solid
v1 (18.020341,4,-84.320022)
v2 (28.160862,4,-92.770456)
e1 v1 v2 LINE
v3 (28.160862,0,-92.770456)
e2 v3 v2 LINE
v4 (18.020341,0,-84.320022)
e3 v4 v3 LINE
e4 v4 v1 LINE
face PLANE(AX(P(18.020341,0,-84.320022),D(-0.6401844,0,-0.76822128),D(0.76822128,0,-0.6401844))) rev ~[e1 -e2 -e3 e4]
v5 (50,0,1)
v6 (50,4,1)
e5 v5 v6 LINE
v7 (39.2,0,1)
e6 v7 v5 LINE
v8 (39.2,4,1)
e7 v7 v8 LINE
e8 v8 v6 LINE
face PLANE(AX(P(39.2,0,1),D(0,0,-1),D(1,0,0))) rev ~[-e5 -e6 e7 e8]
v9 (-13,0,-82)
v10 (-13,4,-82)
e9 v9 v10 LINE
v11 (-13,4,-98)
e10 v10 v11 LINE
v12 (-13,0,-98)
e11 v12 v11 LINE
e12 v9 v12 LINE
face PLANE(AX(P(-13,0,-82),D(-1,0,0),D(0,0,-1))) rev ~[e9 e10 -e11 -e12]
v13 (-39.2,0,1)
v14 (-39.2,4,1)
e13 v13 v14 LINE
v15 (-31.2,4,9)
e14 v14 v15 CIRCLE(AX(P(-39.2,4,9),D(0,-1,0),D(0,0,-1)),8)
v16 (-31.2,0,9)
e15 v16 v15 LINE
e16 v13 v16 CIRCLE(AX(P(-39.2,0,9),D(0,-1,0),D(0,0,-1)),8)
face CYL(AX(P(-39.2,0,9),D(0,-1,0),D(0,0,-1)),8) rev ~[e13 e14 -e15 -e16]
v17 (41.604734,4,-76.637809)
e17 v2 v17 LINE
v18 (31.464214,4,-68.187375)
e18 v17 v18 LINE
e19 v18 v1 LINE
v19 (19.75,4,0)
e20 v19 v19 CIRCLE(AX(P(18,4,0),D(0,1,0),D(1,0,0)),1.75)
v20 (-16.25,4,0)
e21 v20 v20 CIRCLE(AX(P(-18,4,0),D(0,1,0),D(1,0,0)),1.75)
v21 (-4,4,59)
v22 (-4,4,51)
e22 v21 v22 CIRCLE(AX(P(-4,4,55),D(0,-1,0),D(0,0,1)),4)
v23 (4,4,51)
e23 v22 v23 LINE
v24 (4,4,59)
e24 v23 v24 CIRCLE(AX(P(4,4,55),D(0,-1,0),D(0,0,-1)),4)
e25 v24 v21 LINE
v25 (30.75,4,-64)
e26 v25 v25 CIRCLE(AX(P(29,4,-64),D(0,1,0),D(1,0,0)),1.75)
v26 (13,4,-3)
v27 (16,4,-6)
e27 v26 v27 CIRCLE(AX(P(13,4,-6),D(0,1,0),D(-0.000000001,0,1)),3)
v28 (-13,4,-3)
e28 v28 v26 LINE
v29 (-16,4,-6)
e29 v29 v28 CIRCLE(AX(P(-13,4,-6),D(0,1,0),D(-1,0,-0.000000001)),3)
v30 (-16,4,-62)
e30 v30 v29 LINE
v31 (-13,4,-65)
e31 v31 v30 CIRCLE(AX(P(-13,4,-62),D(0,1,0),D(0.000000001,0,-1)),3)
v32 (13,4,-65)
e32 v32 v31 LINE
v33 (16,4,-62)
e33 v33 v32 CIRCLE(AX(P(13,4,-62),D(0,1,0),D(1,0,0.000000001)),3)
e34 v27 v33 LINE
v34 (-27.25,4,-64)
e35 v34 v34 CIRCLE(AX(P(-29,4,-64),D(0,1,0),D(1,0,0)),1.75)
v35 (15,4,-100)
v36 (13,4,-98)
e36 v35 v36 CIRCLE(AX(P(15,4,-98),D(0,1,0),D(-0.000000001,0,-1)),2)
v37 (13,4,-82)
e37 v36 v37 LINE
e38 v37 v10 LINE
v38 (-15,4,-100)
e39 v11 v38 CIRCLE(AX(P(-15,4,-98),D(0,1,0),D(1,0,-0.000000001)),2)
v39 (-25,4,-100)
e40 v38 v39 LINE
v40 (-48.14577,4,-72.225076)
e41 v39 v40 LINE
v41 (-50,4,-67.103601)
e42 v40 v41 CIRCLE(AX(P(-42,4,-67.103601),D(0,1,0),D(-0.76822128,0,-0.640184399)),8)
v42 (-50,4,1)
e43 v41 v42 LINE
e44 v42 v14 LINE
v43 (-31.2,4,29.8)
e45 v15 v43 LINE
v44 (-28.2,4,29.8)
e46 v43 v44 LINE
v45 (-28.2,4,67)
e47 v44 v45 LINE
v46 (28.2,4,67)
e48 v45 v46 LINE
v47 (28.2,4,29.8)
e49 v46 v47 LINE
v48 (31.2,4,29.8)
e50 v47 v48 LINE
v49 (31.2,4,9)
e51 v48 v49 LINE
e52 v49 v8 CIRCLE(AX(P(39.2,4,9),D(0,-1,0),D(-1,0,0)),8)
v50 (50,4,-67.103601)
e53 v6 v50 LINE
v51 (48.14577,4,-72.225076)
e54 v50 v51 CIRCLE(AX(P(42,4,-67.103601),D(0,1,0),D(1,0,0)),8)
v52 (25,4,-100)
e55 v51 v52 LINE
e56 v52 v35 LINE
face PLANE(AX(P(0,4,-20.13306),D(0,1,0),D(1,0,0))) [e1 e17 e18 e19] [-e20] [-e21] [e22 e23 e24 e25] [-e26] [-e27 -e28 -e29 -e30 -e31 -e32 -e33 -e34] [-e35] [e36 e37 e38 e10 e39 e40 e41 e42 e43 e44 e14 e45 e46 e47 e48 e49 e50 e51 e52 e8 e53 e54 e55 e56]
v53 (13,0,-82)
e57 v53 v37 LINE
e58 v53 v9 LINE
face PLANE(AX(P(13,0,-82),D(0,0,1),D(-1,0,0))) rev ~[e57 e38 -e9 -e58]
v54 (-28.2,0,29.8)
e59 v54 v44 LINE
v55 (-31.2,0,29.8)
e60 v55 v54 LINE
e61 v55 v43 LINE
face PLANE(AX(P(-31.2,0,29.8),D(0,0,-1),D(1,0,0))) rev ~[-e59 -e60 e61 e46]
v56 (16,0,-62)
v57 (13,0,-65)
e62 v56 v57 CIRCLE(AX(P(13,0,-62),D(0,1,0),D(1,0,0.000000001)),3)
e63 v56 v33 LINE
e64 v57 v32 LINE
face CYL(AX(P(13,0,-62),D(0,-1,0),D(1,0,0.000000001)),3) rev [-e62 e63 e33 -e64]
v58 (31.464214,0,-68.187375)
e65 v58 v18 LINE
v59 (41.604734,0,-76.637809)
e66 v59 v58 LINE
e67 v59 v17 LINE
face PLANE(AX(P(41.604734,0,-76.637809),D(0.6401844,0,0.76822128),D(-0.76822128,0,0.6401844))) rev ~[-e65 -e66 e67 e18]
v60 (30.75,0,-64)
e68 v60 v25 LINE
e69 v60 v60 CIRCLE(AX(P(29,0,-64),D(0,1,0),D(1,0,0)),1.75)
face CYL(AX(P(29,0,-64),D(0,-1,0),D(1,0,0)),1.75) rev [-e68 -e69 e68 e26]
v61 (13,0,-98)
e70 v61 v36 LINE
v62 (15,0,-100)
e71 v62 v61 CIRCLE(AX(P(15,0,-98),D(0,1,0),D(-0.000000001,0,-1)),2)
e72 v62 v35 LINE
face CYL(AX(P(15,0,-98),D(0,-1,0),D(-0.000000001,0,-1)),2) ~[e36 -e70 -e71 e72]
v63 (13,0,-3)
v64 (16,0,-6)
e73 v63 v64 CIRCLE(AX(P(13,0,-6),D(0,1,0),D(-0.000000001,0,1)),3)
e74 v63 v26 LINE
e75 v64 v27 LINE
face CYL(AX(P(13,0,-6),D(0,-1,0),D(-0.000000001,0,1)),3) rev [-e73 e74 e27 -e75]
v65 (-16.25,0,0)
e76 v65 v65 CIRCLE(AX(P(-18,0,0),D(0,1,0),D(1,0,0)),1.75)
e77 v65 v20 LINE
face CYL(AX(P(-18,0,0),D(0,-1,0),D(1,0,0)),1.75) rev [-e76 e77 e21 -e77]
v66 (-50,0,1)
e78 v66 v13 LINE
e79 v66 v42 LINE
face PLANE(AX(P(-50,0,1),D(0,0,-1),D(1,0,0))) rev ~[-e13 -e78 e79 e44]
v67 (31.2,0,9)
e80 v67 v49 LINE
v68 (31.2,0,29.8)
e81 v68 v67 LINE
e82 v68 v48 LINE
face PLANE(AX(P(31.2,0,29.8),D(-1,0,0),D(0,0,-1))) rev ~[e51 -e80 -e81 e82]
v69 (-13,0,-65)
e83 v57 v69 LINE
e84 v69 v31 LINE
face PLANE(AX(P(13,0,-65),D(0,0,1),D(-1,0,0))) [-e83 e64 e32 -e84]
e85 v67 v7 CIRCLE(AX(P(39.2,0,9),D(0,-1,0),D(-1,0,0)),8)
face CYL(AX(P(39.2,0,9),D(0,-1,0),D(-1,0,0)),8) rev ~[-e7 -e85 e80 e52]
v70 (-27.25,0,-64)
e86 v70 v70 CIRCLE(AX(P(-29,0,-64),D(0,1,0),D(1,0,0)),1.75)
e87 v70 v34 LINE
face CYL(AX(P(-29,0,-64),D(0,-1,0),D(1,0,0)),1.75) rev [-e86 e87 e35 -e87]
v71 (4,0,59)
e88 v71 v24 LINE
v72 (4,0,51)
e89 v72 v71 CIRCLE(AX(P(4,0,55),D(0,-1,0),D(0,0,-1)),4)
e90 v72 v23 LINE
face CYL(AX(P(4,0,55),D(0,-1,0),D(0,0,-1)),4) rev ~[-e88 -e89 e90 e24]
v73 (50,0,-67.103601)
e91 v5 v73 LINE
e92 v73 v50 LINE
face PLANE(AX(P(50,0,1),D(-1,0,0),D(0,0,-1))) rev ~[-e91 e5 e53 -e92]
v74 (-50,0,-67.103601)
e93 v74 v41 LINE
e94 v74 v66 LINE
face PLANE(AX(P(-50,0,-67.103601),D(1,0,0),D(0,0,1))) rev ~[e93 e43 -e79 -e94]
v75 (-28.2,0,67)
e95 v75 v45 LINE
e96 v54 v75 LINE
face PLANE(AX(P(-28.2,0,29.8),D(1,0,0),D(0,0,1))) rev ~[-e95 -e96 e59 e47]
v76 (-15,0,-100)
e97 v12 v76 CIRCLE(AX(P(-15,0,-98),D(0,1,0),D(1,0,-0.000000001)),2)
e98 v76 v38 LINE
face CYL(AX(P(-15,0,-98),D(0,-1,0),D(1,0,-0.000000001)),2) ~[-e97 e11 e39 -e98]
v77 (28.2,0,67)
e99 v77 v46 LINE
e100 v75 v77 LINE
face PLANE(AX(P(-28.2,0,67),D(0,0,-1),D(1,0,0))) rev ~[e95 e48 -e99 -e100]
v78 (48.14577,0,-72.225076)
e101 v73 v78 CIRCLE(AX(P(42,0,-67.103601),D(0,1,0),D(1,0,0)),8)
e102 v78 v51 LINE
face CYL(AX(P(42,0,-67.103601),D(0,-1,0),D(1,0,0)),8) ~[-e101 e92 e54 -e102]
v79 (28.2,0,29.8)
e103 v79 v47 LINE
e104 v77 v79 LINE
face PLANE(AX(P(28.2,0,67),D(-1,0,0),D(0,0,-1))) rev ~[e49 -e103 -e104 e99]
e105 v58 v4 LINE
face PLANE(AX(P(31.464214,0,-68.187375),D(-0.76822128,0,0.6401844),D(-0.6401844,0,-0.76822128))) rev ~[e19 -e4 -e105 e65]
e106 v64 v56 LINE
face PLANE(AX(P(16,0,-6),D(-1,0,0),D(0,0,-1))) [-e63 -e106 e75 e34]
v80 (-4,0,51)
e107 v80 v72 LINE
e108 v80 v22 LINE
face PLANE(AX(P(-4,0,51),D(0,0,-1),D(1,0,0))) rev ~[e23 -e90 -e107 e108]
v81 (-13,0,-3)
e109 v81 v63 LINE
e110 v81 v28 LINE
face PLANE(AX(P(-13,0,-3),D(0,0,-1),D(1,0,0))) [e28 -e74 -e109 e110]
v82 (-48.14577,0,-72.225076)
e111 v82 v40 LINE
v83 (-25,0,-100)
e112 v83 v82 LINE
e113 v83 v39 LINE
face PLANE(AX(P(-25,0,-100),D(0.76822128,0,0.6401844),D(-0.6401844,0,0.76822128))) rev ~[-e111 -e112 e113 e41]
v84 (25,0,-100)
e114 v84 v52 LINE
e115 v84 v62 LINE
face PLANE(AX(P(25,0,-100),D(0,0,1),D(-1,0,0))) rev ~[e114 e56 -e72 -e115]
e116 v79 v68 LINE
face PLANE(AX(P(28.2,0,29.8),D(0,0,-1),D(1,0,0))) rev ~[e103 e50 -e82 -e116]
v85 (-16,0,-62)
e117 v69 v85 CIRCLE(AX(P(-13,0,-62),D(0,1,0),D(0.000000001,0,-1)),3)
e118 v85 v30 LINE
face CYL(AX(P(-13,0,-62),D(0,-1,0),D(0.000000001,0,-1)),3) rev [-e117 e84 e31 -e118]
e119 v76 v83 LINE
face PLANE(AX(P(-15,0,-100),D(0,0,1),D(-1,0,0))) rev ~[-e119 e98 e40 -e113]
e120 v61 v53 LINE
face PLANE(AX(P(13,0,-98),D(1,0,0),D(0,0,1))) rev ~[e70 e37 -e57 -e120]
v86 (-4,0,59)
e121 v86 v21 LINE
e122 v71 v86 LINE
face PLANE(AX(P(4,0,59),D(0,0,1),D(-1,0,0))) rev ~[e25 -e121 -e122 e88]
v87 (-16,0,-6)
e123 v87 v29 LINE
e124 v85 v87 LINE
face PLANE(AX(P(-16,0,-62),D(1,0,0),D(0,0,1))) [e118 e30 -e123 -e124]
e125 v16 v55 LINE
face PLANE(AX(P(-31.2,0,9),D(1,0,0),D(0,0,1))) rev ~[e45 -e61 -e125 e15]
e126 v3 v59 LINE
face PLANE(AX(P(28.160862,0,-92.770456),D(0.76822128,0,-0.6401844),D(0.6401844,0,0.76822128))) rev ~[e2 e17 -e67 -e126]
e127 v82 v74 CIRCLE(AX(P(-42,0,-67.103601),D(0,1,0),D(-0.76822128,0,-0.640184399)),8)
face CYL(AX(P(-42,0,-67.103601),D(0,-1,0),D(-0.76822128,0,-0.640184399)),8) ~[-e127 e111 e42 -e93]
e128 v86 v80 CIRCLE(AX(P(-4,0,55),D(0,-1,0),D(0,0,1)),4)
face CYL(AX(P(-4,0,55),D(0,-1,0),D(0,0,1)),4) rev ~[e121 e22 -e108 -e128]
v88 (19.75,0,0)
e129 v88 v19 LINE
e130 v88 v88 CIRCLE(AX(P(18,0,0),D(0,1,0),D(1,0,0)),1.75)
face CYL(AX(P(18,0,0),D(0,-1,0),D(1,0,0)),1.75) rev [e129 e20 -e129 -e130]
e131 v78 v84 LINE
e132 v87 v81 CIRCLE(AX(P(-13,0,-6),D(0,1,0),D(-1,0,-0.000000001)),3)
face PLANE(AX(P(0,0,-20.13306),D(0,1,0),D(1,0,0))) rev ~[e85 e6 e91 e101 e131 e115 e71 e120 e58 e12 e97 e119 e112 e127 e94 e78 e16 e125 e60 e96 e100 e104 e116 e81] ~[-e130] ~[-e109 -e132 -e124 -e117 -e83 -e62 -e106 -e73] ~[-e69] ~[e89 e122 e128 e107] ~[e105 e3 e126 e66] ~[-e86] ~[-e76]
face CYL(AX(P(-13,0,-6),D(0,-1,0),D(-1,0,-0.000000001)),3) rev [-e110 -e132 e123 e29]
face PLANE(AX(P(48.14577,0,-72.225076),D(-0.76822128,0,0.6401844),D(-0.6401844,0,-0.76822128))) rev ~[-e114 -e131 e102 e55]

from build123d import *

# Parameters (mm, degrees)
SKETCH1_R           = 1.75
BOSS_EXTRUDE1_DEPTH = 4


with BuildPart() as part:
    # Sketch1 → Boss-Extrude1 (new body)
    with BuildSketch(Plane(origin=(0, 0, 0), x_dir=(1, 0, 0), z_dir=(0, 1, 0))):
        with BuildLine():
            Line((-28.2, -67), (28.2, -67))
            Line((28.2, -67), (28.2, -29.8))
            Line((28.2, -29.8), (31.2, -29.8))
            Line((31.2, -29.8), (31.2, -9))
            ThreePointArc((31.2, -9), (33.543145751, -3.343145751), (39.2, -1))
            Line((39.2, -1), (50, -1))
            Line((50, -1), (50, 67.103600519))
            ThreePointArc((50, 67.103600519), (49.522172621, 69.827002629), (48.145770237, 72.225075716))
            Line((48.145770237, 72.225075716), (25, 100))
            Line((25, 100), (15, 100))
            ThreePointArc((15, 100), (13.585786438, 99.414213562), (13, 98))
            Line((13, 98), (13, 82))
            Line((13, 82), (-13, 82))
            Line((-13, 82), (-13, 98))
            ThreePointArc((-13, 98), (-13.585786438, 99.414213562), (-15, 100))
            Line((-15, 100), (-25, 100))
            Line((-25, 100), (-48.145770237, 72.225075716))
            ThreePointArc((-48.145770237, 72.225075716), (-49.522172621, 69.827002629), (-50, 67.103600519))
            Line((-50, 67.103600519), (-50, -1))
            Line((-50, -1), (-39.2, -1))
            ThreePointArc((-39.2, -1), (-33.543145751, -3.343145751), (-31.2, -9))
            Line((-31.2, -9), (-31.2, -29.8))
            Line((-31.2, -29.8), (-28.2, -29.8))
            Line((-28.2, -29.8), (-28.2, -67))
        make_face()
        with Locations((18, 0)):
            Circle(SKETCH1_R, mode=Mode.SUBTRACT)
        with Locations((-18, 0)):
            Circle(SKETCH1_R, mode=Mode.SUBTRACT)
        with Locations((29, 64)):
            Circle(SKETCH1_R, mode=Mode.SUBTRACT)
        with Locations((-29, 64)):
            Circle(SKETCH1_R, mode=Mode.SUBTRACT)
        with BuildLine():
            Line((-13, 3), (13, 3))
            ThreePointArc((13, 3), (15.121320344, 3.878679656), (16, 6))
            Line((16, 6), (16, 62))
            ThreePointArc((16, 62), (15.121320344, 64.121320344), (13, 65))
            Line((13, 65), (-13, 65))
            ThreePointArc((-13, 65), (-15.121320344, 64.121320344), (-16, 62))
            Line((-16, 62), (-16, 6))
            ThreePointArc((-16, 6), (-15.121320344, 3.878679656), (-13, 3))
        make_face(mode=Mode.SUBTRACT)
        with BuildLine():
            Line((-4, -51), (4, -51))
            ThreePointArc((4, -51), (8, -55), (4, -59))
            Line((4, -59), (-4, -59))
            ThreePointArc((-4, -59), (-8, -55), (-4, -51))
        make_face(mode=Mode.SUBTRACT)
        Polygon((28.160862107, 92.770455614), (41.6047345, 76.637808743), (31.464213609, 68.187374667), (18.020341216, 84.320021539), align=None, mode=Mode.SUBTRACT)
    extrude(amount=BOSS_EXTRUDE1_DEPTH)


solid = part.part
